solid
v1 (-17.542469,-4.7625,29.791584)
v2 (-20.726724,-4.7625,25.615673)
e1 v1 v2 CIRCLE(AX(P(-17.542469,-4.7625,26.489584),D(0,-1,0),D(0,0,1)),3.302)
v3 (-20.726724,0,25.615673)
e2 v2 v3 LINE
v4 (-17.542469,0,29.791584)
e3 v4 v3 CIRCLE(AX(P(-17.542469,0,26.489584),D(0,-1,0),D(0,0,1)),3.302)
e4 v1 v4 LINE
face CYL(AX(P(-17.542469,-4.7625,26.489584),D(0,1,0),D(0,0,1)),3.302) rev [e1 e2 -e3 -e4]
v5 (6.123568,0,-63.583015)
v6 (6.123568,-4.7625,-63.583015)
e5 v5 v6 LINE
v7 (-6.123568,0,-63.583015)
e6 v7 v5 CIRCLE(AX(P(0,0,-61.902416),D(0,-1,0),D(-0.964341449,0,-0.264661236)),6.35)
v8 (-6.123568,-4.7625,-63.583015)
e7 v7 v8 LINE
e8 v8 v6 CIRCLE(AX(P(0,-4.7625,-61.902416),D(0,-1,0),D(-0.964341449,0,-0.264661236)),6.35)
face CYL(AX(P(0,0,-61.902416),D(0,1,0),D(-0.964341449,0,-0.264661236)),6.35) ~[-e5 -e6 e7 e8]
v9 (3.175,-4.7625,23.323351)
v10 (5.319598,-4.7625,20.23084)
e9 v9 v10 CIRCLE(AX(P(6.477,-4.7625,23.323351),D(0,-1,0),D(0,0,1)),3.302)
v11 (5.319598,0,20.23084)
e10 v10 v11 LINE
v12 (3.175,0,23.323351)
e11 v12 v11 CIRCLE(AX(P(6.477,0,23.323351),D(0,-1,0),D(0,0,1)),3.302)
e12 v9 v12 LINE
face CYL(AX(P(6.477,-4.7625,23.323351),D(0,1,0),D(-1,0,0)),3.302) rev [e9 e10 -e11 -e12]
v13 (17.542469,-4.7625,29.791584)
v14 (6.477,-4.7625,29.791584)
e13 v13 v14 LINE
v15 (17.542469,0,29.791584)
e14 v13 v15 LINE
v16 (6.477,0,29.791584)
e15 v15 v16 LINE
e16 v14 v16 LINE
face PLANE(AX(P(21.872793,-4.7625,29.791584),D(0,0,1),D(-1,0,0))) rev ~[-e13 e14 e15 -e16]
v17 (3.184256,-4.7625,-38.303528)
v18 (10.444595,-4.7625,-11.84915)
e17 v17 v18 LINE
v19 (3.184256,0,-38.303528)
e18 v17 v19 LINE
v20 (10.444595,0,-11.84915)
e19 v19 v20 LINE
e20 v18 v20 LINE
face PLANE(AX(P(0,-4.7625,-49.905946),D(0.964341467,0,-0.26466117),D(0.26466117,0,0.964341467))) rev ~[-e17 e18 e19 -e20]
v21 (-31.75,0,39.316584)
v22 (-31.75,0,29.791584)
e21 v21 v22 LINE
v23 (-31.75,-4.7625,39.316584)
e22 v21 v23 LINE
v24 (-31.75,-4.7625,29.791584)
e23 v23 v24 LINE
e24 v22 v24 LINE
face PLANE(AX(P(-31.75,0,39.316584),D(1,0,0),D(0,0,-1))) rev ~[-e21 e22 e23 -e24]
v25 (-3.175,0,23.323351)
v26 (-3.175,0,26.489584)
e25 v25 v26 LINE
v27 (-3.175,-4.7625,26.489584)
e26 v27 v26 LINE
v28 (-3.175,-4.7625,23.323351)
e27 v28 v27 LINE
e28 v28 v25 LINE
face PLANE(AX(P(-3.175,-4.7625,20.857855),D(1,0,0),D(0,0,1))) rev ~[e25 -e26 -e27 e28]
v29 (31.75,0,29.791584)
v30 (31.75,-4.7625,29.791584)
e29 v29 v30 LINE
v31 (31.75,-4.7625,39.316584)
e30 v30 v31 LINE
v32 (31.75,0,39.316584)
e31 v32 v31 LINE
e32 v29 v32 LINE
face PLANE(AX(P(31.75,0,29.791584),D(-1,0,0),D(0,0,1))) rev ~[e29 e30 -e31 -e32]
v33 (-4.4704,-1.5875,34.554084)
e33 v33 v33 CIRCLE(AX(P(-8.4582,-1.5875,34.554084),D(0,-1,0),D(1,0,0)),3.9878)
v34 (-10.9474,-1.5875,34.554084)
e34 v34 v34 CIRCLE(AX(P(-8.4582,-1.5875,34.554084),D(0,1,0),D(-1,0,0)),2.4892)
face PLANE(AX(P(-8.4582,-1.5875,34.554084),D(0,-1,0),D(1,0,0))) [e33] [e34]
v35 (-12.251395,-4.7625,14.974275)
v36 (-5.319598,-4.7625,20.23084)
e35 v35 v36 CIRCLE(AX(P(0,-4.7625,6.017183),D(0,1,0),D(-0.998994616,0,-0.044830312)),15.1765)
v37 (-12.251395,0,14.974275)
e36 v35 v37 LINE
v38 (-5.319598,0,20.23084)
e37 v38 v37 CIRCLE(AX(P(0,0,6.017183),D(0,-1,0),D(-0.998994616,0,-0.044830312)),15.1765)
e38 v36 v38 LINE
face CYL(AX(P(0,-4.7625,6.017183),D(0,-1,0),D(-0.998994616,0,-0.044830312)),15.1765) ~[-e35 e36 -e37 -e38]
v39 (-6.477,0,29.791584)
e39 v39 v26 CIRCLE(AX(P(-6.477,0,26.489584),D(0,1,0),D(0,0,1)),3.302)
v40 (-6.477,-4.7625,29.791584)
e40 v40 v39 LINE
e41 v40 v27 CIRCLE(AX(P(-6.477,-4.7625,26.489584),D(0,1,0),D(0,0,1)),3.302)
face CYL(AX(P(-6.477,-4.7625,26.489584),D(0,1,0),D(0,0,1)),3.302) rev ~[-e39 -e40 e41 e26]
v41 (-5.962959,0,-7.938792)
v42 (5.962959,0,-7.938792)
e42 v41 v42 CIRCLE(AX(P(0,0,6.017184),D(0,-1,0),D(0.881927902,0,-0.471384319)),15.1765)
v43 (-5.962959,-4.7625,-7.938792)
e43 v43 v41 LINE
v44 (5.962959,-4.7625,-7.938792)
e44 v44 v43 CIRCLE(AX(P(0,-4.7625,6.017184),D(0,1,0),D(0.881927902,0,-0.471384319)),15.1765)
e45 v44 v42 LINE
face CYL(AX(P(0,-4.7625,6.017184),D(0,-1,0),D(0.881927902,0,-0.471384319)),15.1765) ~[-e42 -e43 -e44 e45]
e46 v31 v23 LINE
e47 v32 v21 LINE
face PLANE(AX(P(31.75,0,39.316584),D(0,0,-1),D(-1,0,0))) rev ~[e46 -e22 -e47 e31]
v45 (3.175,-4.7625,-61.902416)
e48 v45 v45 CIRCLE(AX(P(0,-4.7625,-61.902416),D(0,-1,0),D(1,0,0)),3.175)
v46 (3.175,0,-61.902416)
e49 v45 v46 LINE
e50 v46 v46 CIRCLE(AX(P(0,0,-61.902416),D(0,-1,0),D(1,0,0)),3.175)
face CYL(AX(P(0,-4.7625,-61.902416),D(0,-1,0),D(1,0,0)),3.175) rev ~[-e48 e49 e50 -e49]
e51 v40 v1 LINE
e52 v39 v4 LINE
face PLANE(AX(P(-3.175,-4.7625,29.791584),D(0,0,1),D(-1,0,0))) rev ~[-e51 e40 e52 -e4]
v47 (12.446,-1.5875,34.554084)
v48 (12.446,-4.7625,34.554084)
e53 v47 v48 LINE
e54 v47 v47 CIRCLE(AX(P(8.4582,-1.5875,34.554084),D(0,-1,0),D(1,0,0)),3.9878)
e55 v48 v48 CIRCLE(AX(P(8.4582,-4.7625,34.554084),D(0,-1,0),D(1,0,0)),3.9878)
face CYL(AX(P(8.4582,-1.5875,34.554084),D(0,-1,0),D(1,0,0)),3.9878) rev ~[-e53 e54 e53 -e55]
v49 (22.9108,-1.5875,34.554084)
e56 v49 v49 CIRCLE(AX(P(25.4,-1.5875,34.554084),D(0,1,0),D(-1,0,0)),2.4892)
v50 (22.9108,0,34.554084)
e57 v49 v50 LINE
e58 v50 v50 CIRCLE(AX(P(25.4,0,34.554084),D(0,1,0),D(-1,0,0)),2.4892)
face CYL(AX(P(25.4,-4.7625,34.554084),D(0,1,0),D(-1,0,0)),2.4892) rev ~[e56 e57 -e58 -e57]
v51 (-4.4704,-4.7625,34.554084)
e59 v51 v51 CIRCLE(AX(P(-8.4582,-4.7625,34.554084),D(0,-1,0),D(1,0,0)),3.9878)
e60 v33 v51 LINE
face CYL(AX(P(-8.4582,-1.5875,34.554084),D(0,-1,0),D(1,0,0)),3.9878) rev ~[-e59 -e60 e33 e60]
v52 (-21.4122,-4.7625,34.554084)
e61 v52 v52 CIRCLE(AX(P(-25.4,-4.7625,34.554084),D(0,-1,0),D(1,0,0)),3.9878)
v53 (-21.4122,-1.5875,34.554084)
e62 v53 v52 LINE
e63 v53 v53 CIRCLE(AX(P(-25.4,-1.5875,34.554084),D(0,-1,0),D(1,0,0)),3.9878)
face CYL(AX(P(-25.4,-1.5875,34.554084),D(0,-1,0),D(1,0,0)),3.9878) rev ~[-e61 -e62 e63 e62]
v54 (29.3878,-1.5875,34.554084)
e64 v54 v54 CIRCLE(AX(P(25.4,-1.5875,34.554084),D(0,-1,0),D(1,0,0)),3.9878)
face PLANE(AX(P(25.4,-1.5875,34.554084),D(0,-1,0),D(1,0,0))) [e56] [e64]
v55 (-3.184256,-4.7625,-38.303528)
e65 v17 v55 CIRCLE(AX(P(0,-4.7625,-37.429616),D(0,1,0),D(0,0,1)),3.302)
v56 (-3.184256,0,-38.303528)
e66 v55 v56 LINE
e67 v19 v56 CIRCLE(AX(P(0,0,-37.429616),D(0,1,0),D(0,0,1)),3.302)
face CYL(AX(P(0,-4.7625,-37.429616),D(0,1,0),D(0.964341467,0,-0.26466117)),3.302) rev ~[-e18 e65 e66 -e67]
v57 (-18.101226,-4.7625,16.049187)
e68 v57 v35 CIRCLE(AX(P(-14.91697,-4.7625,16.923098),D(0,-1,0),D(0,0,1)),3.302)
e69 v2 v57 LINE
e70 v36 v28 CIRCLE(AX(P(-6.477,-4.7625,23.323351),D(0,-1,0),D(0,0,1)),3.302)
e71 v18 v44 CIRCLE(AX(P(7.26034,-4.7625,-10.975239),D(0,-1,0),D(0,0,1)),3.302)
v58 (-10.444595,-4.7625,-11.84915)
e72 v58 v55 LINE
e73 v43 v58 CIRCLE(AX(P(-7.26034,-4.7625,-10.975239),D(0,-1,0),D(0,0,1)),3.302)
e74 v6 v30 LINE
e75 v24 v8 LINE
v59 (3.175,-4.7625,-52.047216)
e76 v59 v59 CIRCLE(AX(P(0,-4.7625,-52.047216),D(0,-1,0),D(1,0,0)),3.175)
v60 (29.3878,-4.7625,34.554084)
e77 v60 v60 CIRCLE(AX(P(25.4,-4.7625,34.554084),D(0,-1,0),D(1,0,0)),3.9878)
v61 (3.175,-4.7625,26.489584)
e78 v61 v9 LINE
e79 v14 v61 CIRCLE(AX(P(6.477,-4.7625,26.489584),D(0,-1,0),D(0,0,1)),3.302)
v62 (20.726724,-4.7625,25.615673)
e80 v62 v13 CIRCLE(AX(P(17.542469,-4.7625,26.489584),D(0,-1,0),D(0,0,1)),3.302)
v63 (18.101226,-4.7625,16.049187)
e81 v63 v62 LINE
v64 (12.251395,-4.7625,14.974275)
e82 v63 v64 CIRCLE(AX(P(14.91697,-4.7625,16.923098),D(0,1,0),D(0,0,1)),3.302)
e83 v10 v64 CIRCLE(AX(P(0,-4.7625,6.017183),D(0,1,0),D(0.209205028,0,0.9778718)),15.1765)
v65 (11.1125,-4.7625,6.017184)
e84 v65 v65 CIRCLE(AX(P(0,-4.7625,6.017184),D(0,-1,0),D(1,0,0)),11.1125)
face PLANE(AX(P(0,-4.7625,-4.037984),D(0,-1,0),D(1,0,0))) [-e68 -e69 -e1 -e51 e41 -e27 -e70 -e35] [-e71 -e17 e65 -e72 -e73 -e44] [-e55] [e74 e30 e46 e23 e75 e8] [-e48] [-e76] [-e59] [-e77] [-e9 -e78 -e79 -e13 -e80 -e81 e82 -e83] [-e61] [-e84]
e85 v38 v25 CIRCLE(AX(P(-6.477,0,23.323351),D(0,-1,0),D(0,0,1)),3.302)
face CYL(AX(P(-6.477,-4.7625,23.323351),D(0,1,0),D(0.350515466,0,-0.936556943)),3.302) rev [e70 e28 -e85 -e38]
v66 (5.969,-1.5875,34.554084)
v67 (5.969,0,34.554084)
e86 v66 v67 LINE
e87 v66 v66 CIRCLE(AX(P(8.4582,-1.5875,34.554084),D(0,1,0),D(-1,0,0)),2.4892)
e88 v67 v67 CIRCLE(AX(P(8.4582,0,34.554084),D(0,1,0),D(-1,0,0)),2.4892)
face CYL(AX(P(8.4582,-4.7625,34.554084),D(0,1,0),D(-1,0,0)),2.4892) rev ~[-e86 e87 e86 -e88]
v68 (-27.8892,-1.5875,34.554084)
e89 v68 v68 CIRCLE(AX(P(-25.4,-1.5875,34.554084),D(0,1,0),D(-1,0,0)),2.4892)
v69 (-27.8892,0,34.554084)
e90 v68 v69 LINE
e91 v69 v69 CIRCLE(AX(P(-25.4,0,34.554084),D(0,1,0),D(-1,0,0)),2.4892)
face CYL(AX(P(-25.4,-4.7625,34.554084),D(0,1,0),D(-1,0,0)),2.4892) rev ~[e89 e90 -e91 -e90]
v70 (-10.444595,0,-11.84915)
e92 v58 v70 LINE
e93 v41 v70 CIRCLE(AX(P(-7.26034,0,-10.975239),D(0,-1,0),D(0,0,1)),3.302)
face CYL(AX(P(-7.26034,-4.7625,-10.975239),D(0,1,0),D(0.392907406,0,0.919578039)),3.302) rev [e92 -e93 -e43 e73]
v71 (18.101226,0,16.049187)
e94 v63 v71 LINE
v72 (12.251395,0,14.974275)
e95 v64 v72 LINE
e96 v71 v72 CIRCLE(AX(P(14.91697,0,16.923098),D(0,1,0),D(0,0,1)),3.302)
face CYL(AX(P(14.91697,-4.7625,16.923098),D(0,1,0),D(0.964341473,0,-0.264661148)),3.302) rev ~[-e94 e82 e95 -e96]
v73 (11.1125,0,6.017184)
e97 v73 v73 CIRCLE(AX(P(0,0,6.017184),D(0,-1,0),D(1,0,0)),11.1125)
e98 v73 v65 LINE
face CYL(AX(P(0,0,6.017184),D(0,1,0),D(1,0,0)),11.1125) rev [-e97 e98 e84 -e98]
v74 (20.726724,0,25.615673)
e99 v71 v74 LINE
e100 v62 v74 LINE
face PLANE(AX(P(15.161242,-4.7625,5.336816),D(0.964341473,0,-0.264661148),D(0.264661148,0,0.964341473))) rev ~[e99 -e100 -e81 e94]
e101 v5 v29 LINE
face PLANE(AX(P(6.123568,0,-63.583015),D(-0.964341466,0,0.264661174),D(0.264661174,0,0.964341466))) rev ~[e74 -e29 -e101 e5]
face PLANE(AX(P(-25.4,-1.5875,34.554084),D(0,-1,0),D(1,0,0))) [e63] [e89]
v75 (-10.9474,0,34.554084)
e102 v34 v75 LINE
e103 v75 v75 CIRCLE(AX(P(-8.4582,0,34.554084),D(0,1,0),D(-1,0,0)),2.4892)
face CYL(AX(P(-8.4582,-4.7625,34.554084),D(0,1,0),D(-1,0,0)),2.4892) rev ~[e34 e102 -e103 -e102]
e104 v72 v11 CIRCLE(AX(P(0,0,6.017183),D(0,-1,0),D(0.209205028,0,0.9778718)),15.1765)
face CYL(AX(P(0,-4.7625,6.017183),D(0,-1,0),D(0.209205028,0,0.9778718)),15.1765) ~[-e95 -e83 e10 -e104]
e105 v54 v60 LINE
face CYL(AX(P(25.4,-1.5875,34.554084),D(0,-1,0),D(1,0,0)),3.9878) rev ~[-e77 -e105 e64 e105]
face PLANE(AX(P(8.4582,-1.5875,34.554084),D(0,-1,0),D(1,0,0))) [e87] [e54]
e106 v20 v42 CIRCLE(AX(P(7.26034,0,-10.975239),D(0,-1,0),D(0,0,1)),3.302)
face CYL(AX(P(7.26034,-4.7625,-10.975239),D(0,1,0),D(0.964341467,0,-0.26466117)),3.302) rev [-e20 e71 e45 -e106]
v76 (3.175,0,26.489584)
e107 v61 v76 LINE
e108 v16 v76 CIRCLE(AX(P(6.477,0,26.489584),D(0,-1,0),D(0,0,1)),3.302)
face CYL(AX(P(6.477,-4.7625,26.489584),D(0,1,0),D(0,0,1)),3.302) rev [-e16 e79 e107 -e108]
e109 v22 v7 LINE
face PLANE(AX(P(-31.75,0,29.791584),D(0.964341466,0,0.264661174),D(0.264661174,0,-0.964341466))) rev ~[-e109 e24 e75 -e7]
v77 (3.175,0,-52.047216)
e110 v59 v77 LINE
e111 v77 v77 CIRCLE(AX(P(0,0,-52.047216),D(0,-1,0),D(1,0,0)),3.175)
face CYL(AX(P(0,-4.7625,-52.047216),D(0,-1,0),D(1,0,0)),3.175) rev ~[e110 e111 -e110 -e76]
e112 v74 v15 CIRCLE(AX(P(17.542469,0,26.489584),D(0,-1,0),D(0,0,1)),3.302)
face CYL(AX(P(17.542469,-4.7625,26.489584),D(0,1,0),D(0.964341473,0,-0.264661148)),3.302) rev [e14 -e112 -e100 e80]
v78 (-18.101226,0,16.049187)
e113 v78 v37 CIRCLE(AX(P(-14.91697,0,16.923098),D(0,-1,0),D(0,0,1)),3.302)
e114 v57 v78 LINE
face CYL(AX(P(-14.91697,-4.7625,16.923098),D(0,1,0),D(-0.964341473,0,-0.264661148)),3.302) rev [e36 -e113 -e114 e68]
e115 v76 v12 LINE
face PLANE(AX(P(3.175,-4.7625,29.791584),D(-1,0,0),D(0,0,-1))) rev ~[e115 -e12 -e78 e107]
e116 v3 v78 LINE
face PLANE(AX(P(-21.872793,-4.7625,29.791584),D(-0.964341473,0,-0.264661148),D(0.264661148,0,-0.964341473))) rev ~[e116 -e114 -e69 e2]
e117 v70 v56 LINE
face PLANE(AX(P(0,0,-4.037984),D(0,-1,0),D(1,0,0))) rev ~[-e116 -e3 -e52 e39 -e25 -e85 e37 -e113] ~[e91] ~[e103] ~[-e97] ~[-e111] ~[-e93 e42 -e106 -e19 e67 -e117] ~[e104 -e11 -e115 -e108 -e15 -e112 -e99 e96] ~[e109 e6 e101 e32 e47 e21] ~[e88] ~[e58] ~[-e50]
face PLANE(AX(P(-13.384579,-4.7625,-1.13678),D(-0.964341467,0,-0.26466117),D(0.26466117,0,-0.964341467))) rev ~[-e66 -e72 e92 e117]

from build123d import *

# Parameters (mm, degrees)
F0_R           = 11.1125
F1_DEPTH       = 4.7625
F3_DEPTH       = 4.7635
F4_R           = 3.302
F5_R           = 3.175
F6_DEPTH       = 4.7635
F8_D           = 4.9784
F8_CBORE_D     = 7.9756
F8_CBORE_DEPTH = 3.175


with BuildPart() as f1:
    # F0 (on Front) → F1 (new body)
    with BuildSketch(Plane.XZ):
        with BuildLine():
            Line((31.75, 29.791584), (31.75, 39.316584))
            Line((31.75, 39.316584), (-31.75, 39.316584))
            Line((-31.75, 39.316584), (-31.75, 29.791584))
            Line((-31.75, 29.791584), (-6.123568, -63.583015))
            ThreePointArc((-6.123568, -63.583015), (0, -68.252416), (6.123568, -63.583015))
            Line((6.123568, -63.583015), (31.75, 29.791584))
        make_face()
        with Locations((0, 6.017184)):
            Circle(F0_R, mode=Mode.SUBTRACT)
    extrude(amount=F1_DEPTH)

    # F2 (on face) → F3 (cut, through all)
    with BuildSketch(Plane.XZ.offset(4.7625)):
        with BuildLine():
            Line((-3.175, 29.791584), (-21.872793, 29.791584))
            Line((-21.872793, 29.791584), (-15.161242, 5.336816))
            ThreePointArc((-15.161242, 5.336816), (-12.011665, 15.293285), (-3.175, 20.857855))
            Line((-3.175, 20.857855), (-3.175, 29.791584))
        make_face()
        with BuildLine():
            Line((15.161242, 5.336816), (21.872793, 29.791584))
            Line((21.872793, 29.791584), (3.175, 29.791584))
            Line((3.175, 29.791584), (3.175, 20.857855))
            ThreePointArc((3.175, 20.857855), (12.011665, 15.293285), (15.161242, 5.336816))
        make_face()
        with BuildLine():
            Line((0, -49.905946), (13.384579, -1.13678))
            ThreePointArc((13.384579, -1.13678), (0, -9.159316), (-13.384579, -1.13678))
            Line((-13.384579, -1.13678), (0, -49.905946))
        make_face()
    extrude(amount=-F3_DEPTH, mode=Mode.SUBTRACT)

    # F4
    f4_edges = [f1.edges().sort_by_distance(p)[0] for p in [
        (-21.872793, -2.38125, 29.791584),
        (3.175, -2.38125, 29.791584),
        (-3.175, -2.38125, 29.791584),
        (21.872793, -2.38125, 29.791584),
        (3.175, -2.38125, 20.857855),
        (-3.175, -2.38125, 20.857855),
        (15.161242, -2.38125, 5.336816),
        (-15.161242, -2.38125, 5.336816),
        (-13.384579, -2.38125, -1.13678),
        (13.384579, -2.38125, -1.13678),
        (0, -2.38125, -49.905946),
    ]]
    fillet(f4_edges, radius=F4_R)

    # F5 (on face) → F6 (cut, through all)
    with BuildSketch(Plane.XZ.offset(4.7625)):
        with Locations((0, -61.902416)):
            Circle(F5_R)
        with Locations((0, -52.047216)):
            Circle(F5_R)
    extrude(amount=-F6_DEPTH, mode=Mode.SUBTRACT)

    # F8 (through all)
    with Locations(Plane.XZ.offset(4.7625)):
        with Locations((-25.4, 34.554084), (-8.4582, 34.554084), (8.4582, 34.554084), (25.4, 34.554084)):
            CounterBoreHole(F8_D / 2, F8_CBORE_D / 2, F8_CBORE_DEPTH)


solid = f1.part
